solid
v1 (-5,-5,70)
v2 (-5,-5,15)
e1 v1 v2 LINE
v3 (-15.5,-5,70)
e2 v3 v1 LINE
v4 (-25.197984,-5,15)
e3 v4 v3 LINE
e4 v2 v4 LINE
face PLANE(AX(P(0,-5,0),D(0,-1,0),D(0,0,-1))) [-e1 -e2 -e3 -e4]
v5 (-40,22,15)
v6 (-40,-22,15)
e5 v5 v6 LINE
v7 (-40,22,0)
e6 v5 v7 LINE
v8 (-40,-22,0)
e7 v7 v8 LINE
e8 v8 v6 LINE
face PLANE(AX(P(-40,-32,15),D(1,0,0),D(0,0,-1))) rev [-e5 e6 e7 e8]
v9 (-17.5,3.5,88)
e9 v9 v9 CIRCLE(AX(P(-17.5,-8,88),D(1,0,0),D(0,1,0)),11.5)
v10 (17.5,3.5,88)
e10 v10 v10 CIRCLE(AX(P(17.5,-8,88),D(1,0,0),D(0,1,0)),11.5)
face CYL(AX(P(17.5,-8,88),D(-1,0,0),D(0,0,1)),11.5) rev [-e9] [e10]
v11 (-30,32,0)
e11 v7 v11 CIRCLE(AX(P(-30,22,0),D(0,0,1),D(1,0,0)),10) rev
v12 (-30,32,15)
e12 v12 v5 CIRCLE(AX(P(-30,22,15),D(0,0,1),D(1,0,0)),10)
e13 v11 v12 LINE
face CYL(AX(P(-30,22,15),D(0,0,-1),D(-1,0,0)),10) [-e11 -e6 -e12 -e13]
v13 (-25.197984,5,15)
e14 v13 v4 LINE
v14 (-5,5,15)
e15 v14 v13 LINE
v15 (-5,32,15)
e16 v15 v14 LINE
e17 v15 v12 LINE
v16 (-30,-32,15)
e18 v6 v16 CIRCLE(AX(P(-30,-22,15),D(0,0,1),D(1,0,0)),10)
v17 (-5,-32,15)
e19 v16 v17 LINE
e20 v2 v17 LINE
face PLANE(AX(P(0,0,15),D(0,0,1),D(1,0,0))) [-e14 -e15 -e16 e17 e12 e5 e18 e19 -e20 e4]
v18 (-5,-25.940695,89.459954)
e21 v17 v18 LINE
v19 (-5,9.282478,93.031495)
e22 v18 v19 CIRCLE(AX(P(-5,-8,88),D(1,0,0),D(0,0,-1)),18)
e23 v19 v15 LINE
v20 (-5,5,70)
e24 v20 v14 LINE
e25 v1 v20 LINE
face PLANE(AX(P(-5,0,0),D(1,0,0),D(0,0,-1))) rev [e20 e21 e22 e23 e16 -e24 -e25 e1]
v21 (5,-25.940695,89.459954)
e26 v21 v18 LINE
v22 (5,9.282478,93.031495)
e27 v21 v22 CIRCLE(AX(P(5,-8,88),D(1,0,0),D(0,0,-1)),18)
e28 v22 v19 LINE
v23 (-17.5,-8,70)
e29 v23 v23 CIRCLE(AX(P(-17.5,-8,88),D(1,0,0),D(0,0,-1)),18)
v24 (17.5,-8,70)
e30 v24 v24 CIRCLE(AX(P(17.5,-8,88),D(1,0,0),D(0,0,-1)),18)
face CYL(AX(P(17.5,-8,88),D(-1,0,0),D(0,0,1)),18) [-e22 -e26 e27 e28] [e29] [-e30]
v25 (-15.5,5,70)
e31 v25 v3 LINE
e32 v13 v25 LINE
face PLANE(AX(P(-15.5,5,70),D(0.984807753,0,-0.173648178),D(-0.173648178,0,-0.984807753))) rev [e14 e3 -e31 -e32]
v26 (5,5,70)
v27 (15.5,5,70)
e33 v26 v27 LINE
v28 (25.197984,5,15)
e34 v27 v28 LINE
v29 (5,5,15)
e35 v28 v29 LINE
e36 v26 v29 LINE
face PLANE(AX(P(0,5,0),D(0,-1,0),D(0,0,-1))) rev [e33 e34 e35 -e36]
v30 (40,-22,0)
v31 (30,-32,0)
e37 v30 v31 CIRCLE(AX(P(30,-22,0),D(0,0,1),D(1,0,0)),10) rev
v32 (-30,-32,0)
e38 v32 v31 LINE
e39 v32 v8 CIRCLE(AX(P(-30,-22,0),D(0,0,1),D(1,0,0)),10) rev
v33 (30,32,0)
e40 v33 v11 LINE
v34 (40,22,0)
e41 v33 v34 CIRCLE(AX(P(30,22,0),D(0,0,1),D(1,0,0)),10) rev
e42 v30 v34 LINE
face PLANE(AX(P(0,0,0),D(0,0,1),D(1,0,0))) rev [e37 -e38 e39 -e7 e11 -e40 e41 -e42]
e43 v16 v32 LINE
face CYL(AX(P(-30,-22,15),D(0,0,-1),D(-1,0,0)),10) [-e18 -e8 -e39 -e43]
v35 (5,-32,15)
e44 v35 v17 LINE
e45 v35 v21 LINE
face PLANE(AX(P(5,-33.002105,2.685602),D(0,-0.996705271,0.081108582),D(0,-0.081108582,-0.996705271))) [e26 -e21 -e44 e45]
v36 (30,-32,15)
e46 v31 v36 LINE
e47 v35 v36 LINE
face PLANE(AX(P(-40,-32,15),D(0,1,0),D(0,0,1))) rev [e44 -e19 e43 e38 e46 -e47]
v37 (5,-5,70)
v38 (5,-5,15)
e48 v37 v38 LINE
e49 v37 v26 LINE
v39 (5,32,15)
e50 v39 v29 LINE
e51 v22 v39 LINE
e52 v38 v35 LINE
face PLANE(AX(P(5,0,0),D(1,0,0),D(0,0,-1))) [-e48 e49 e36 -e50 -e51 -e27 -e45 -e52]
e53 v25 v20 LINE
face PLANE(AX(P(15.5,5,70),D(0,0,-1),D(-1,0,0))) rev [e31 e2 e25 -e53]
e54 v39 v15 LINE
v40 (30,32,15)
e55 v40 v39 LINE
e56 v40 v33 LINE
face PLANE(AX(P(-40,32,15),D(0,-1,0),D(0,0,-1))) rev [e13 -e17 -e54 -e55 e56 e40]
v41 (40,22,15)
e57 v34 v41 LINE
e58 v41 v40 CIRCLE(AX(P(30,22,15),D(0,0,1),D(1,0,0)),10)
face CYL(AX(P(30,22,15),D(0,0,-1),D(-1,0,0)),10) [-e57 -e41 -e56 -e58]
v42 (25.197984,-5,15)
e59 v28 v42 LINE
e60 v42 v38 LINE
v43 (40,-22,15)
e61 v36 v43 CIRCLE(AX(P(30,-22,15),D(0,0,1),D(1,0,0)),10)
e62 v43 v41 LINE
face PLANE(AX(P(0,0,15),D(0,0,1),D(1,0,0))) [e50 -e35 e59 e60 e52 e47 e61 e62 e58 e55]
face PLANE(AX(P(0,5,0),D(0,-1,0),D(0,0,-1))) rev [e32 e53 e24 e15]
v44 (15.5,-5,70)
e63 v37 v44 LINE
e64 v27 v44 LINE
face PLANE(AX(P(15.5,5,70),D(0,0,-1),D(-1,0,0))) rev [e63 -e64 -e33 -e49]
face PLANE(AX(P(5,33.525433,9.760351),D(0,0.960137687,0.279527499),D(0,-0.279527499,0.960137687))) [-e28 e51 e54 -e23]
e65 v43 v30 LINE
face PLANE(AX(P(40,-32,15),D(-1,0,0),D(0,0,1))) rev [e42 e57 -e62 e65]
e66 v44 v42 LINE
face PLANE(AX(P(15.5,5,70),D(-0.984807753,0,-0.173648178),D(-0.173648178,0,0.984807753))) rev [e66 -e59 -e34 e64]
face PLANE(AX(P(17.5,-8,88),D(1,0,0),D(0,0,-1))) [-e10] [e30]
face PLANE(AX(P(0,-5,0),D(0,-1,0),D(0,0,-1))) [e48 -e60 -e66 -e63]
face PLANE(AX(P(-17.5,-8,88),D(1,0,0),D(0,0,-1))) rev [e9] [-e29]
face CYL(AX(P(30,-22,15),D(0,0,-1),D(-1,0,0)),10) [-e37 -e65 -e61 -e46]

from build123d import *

# Parameters (mm, degrees)
SKETCH1_W           = 64
SKETCH1_H           = 80
BOSS_EXTRUDE1_DEPTH = 15
FILLET2_R           = 10
SKETCH2_R           = 18
SKETCH2_R_2         = 11.5
EXTRUDE_THIN1_DEPTH = 17.5
BOSS_EXTRUDE2_DEPTH = 5
BOSS_EXTRUDE3_DEPTH = 5


with BuildPart() as part:
    # Sketch1 → Boss-Extrude1 (new body)
    with BuildSketch(Plane(origin=(0, 0, 0), x_dir=(0, 1, 0), z_dir=(0, 0, 1))):
        Rectangle(SKETCH1_W, SKETCH1_H)
    extrude(amount=BOSS_EXTRUDE1_DEPTH)

    # Fillet2
    fillet2_edges = [part.edges().sort_by_distance(p)[0] for p in [
        (40, 32, 7.5),
        (40, -32, 7.5),
        (-40, -32, 7.5),
        (-40, 32, 7.5),
    ]]
    fillet(fillet2_edges, radius=FILLET2_R)



with BuildPart() as body_2:
    # Sketch2 → Extrude-Thin1 (new, symmetric)
    with BuildSketch(Plane.YZ):
        with Locations((-8, 88)):
            Circle(SKETCH2_R)
        with Locations((-8, 88)):
            Circle(SKETCH2_R_2, mode=Mode.SUBTRACT)
    extrude(amount=EXTRUDE_THIN1_DEPTH, both=True)


with BuildPart() as part_1:
    add(part.part)

    add(body_2.part)  # Boss-Extrude2 merges body 2
    # Sketch3 → Boss-Extrude2 (add, symmetric)
    with BuildSketch(Plane.YZ):
        with BuildLine():
            Line((-25.940694884, 89.459954482), (-32, 15))
            Line((-32, 15), (32, 15))
            Line((32, 15), (9.282478357, 93.03149499))
            ThreePointArc((9.282478357, 93.03149499), (9.819716755, 90.541199478), (10, 88))
            ThreePointArc((10, 88), (-8.730579254, 70.01483239), (-25.940694884, 89.459954482))
        make_face()
    extrude(amount=BOSS_EXTRUDE2_DEPTH, both=True)

    # Sketch4 → Boss-Extrude3 (add, symmetric)
    with BuildSketch(Plane(origin=(0, 0, 0), x_dir=(-1, 0, 0), z_dir=(0, 1, 0))):
        Polygon((-15.5, 70), (-25.197983939, 15), (25.197983939, 15), (15.5, 70), align=None)
    extrude(amount=BOSS_EXTRUDE3_DEPTH, both=True)


solid = part_1.part
